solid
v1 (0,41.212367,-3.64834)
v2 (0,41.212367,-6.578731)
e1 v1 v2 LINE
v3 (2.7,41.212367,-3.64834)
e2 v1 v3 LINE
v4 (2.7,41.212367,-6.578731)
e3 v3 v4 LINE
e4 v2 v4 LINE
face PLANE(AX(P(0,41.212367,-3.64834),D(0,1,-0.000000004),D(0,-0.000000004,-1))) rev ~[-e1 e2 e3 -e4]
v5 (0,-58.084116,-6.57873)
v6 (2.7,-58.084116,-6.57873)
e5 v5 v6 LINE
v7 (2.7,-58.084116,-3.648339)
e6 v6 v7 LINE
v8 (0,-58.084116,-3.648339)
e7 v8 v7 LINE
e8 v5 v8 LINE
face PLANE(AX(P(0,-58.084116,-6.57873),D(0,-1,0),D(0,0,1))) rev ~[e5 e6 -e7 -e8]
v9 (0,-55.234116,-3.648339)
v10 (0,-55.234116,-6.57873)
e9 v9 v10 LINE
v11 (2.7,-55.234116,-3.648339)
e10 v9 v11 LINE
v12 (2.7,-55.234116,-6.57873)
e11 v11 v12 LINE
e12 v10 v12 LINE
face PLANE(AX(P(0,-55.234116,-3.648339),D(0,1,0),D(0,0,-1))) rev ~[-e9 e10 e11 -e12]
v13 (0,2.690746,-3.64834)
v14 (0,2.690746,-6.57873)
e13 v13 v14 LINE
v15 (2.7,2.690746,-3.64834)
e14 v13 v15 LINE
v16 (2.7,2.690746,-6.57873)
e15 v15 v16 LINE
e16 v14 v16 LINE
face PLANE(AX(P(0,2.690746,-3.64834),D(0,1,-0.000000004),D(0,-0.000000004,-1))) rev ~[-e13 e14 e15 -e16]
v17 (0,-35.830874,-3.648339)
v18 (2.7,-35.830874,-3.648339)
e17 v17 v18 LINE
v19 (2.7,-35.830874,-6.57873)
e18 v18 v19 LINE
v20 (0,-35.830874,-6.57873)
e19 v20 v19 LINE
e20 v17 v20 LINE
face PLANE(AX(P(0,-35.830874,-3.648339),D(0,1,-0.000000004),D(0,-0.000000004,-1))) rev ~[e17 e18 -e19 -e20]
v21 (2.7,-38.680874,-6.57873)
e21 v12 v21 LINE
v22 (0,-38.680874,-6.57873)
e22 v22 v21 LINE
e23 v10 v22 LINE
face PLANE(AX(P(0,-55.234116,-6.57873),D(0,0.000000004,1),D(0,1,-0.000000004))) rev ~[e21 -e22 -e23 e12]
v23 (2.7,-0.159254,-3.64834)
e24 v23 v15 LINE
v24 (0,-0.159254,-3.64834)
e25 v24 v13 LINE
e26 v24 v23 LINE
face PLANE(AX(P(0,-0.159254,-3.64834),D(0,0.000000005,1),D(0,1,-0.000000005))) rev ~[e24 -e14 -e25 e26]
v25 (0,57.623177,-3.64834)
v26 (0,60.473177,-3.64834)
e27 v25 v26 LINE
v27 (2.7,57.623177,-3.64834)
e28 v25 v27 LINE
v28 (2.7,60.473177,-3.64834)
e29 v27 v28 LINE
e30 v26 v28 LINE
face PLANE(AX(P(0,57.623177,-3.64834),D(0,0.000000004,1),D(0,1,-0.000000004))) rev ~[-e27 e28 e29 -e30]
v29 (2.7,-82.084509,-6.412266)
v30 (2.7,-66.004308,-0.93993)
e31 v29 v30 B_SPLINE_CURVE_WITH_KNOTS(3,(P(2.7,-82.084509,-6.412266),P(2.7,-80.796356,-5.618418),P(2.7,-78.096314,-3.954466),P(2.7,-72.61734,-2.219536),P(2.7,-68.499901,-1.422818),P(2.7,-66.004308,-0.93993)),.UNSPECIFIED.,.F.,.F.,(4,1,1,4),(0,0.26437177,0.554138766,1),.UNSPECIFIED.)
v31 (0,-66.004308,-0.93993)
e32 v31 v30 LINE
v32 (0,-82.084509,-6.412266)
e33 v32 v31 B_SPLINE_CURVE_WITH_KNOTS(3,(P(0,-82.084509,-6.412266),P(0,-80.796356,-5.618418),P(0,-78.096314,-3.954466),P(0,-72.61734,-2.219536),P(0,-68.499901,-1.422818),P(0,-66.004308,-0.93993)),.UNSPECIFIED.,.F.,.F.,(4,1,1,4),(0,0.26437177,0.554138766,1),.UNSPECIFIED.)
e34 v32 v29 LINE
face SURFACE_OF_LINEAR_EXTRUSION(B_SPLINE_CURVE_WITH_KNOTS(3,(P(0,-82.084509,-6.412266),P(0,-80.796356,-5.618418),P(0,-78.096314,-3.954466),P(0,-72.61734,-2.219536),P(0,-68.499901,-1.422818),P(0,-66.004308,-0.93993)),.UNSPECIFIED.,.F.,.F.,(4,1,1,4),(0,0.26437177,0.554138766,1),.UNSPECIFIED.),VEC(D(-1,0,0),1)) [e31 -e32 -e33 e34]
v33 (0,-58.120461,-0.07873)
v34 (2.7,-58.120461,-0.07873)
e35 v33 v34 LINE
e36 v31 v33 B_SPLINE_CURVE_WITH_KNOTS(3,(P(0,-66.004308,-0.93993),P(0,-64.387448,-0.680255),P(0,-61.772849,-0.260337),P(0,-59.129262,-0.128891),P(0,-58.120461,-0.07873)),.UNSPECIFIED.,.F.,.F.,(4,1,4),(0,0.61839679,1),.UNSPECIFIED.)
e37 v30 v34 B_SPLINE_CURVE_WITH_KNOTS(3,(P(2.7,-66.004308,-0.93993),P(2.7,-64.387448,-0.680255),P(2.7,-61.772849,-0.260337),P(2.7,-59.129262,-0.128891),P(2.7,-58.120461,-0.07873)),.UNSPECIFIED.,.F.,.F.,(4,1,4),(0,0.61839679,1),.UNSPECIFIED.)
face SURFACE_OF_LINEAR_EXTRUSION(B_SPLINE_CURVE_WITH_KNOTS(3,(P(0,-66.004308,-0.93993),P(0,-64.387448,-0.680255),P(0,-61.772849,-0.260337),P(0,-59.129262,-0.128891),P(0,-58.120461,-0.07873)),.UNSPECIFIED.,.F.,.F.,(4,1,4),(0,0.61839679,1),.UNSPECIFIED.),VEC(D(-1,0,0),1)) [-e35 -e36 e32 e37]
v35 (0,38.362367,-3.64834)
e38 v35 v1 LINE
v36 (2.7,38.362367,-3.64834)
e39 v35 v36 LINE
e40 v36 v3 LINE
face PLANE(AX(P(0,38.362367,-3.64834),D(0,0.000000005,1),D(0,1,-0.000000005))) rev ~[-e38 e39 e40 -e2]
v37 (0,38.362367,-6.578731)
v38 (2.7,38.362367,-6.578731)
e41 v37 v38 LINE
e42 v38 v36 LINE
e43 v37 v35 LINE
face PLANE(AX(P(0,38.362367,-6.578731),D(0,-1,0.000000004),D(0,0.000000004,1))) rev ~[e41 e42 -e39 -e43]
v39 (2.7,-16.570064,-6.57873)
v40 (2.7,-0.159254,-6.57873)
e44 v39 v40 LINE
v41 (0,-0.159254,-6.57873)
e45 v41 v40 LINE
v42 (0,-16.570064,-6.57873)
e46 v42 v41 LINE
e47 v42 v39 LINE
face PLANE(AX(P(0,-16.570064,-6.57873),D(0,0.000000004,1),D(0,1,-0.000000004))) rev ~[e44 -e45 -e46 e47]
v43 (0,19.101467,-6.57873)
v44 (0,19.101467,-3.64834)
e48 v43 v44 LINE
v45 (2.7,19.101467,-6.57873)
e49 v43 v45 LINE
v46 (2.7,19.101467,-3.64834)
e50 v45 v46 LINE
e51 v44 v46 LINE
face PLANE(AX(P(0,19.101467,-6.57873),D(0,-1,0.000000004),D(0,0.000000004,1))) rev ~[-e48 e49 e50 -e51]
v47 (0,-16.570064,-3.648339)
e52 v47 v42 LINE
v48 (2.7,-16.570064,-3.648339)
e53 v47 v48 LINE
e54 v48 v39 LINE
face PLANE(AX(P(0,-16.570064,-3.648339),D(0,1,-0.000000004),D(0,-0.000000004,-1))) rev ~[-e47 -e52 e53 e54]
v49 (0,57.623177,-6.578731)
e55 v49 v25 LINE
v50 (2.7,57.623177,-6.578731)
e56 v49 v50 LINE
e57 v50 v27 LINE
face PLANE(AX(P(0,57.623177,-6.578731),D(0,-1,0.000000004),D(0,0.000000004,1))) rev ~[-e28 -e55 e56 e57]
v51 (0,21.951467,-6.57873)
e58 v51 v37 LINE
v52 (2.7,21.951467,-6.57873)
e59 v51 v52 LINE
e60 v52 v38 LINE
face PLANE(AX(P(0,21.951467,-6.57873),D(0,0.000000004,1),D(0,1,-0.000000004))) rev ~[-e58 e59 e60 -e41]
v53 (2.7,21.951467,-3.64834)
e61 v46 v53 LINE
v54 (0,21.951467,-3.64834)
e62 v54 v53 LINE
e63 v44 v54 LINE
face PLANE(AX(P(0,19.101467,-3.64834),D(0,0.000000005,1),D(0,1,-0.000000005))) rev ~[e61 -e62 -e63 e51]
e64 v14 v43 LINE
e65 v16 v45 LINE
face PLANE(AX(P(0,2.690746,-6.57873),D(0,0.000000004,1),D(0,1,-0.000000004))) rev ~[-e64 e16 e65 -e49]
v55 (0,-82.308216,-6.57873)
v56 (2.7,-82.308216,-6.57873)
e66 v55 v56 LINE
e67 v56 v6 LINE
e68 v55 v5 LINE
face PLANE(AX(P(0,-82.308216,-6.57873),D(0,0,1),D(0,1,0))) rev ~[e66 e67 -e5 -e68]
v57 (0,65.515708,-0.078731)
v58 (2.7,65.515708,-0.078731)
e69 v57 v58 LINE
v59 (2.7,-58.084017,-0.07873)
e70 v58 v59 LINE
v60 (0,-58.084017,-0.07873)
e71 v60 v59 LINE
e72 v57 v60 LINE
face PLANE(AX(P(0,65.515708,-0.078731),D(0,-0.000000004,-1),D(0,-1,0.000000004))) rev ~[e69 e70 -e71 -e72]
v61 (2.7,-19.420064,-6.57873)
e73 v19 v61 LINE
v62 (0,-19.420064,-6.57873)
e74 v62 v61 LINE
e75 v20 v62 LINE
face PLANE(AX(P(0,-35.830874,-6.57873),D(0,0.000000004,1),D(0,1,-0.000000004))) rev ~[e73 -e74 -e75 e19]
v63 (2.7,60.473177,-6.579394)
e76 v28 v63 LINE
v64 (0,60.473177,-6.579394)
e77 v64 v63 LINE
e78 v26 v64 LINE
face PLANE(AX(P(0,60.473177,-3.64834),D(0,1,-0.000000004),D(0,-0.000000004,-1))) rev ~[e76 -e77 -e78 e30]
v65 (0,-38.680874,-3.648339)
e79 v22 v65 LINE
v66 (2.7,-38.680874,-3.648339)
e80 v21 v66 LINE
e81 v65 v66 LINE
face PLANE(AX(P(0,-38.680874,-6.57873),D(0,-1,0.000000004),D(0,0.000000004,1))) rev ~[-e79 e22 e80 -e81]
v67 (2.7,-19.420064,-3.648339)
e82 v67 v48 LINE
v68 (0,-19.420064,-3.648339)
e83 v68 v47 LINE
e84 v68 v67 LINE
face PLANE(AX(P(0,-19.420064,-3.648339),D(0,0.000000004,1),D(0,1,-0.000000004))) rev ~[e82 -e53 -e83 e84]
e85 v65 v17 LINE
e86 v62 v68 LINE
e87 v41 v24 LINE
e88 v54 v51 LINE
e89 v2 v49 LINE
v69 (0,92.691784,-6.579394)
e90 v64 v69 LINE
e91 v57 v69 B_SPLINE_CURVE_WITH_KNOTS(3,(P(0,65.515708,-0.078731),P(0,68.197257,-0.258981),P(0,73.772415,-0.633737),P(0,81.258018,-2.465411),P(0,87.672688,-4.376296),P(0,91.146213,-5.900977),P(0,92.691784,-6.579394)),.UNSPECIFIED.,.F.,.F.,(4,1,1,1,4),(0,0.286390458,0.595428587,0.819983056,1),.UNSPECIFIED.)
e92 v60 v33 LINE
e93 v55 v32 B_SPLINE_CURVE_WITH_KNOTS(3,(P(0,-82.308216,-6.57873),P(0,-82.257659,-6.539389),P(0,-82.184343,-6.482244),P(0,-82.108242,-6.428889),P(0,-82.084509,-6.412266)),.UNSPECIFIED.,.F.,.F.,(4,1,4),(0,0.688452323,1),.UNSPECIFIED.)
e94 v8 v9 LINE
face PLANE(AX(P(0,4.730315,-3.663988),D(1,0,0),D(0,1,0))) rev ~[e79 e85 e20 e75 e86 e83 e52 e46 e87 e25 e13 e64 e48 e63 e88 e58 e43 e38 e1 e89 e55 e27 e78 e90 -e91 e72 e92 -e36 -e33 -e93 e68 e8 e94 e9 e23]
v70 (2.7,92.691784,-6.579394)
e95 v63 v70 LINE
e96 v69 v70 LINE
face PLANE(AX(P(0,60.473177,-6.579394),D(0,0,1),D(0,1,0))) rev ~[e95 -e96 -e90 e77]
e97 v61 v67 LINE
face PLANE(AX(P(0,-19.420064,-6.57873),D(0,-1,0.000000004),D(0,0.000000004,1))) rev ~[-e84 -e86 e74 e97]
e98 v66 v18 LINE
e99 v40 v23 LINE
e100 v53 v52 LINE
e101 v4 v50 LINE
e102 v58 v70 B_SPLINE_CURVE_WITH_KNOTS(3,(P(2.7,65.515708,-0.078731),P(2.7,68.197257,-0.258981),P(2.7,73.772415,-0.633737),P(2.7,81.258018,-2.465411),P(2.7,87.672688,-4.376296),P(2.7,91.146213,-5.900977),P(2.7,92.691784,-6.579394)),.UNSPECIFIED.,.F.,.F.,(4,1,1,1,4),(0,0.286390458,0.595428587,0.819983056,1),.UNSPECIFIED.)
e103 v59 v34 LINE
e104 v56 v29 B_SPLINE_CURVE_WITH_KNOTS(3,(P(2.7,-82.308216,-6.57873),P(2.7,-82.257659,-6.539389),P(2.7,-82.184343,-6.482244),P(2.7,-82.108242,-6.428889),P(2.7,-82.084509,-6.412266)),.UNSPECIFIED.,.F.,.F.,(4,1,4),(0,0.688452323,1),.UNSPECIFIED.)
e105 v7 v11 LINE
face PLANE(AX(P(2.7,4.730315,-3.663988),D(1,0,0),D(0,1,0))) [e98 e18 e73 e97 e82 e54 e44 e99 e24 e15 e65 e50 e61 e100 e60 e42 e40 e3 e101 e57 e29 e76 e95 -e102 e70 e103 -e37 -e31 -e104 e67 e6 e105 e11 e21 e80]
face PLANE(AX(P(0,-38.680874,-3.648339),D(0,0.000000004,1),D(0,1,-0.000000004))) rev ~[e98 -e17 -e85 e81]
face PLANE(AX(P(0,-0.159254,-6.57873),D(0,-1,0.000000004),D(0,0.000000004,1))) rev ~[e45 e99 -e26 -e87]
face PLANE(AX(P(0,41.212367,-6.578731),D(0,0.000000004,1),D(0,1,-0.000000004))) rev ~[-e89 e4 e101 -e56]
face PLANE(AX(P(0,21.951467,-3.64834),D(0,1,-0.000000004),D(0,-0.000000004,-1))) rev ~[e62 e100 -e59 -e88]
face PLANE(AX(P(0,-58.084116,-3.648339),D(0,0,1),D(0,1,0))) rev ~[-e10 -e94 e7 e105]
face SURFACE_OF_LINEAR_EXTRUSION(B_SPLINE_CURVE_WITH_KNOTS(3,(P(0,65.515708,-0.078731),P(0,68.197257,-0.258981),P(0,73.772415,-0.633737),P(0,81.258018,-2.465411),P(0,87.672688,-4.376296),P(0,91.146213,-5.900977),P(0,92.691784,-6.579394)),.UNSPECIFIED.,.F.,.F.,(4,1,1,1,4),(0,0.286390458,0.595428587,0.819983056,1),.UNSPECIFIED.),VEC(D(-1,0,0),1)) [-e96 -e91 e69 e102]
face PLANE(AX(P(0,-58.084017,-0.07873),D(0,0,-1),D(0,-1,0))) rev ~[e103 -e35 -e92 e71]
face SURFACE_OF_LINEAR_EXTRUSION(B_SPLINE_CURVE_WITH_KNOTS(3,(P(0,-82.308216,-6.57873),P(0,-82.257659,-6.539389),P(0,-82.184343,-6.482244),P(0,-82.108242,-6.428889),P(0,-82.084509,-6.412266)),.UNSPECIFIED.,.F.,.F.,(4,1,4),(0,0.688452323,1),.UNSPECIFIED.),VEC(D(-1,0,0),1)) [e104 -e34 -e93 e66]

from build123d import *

# Parameters (mm, degrees)
SALIENTE_EXTRUIR1_DEPTH = 2.7


with BuildPart() as part:
    # Croquis1 → Saliente-Extruir1 (new body)
    with BuildSketch(Plane.YZ):
        with BuildLine():
            Line((-55.234115884, -6.578730109), (-38.680874308, -6.578730181))
            Line((-38.680874308, -6.578730181), (-38.680874295, -3.648339402))
            Line((-38.680874295, -3.648339402), (-35.830874295, -3.648339414))
            Line((-35.830874295, -3.648339414), (-35.830874308, -6.578730194))
            Line((-35.830874308, -6.578730194), (-19.420064078, -6.578730266))
            Line((-19.420064078, -6.578730266), (-19.420064066, -3.648339486))
            Line((-19.420064066, -3.648339486), (-16.570064066, -3.648339498))
            Line((-16.570064066, -3.648339498), (-16.570064078, -6.578730278))
            Line((-16.570064078, -6.578730278), (-0.159253849, -6.57873035))
            Line((-0.159253849, -6.57873035), (-0.159253836, -3.64833957))
            Line((-0.159253836, -3.64833957), (2.690746164, -3.648339583))
            Line((2.690746164, -3.648339583), (2.690746151, -6.578730362))
            Line((2.690746151, -6.578730362), (19.101467122, -6.578730434))
            Line((19.101467122, -6.578730434), (19.101467135, -3.648339654))
            Line((19.101467135, -3.648339654), (21.951467135, -3.648339667))
            Line((21.951467135, -3.648339667), (21.951467122, -6.578730446))
            Line((21.951467122, -6.578730446), (38.36236661, -6.578730518))
            Line((38.36236661, -6.578730518), (38.362366623, -3.648339738))
            Line((38.362366623, -3.648339738), (41.212366623, -3.648339751))
            Line((41.212366623, -3.648339751), (41.21236661, -6.57873053))
            Line((41.21236661, -6.57873053), (57.62317684, -6.578730602))
            Line((57.62317684, -6.578730602), (57.623176853, -3.648339823))
            Line((57.623176853, -3.648339823), (60.473176853, -3.648339835))
            Line((60.473176853, -3.648339835), (60.47317684, -6.579394365))
            Line((60.47317684, -6.579394365), (92.691783737, -6.579394365))
            add(Edge.make_bspline(
                [(65.515708358, -0.078730637), (68.197256802, -0.258981281), (73.772414922, -0.633736737), (81.258018047, -2.465410904), (87.672687502, -4.376295676), (91.146213496, -5.900976656), (92.691783737, -6.579394365)],
                knots=[0, 0, 0, 0, 0.286390458, 0.595428587, 0.819983056, 1, 1, 1, 1], degree=3))
            Line((65.515708358, -0.078730637), (-58.084017099, -0.078730097))
            Line((-58.084017099, -0.078730097), (-58.120461042, -0.078730097))
            add(Edge.make_bspline(
                [(-66.004307996, -0.939930258), (-64.387448411, -0.680254728), (-61.772849484, -0.260337396), (-59.129262369, -0.128890612), (-58.120461042, -0.078730097)],
                knots=[0, 0, 0, 0, 0.61839679, 1, 1, 1, 1], degree=3))
            add(Edge.make_bspline(
                [(-82.084508668, -6.41226612), (-80.796356469, -5.618417967), (-78.096313761, -3.954465587), (-72.617339557, -2.219536347), (-68.499900924, -1.422817975), (-66.004307996, -0.939930258)],
                knots=[0, 0, 0, 0, 0.26437177, 0.554138766, 1, 1, 1, 1], degree=3))
            add(Edge.make_bspline(
                [(-82.308216262, -6.578730097), (-82.257659483, -6.539388838), (-82.184342615, -6.482244345), (-82.108242057, -6.428888889), (-82.084508668, -6.41226612)],
                knots=[0, 0, 0, 0, 0.688452323, 1, 1, 1, 1], degree=3))
            Line((-82.308216262, -6.578730097), (-58.084115884, -6.578730097))
            Line((-58.084115884, -6.578730097), (-58.084115884, -3.648339317))
            Line((-58.084115884, -3.648339317), (-55.234115884, -3.648339317))
            Line((-55.234115884, -3.648339317), (-55.234115884, -6.578730109))
        make_face()
    extrude(amount=SALIENTE_EXTRUIR1_DEPTH)


solid = part.part
